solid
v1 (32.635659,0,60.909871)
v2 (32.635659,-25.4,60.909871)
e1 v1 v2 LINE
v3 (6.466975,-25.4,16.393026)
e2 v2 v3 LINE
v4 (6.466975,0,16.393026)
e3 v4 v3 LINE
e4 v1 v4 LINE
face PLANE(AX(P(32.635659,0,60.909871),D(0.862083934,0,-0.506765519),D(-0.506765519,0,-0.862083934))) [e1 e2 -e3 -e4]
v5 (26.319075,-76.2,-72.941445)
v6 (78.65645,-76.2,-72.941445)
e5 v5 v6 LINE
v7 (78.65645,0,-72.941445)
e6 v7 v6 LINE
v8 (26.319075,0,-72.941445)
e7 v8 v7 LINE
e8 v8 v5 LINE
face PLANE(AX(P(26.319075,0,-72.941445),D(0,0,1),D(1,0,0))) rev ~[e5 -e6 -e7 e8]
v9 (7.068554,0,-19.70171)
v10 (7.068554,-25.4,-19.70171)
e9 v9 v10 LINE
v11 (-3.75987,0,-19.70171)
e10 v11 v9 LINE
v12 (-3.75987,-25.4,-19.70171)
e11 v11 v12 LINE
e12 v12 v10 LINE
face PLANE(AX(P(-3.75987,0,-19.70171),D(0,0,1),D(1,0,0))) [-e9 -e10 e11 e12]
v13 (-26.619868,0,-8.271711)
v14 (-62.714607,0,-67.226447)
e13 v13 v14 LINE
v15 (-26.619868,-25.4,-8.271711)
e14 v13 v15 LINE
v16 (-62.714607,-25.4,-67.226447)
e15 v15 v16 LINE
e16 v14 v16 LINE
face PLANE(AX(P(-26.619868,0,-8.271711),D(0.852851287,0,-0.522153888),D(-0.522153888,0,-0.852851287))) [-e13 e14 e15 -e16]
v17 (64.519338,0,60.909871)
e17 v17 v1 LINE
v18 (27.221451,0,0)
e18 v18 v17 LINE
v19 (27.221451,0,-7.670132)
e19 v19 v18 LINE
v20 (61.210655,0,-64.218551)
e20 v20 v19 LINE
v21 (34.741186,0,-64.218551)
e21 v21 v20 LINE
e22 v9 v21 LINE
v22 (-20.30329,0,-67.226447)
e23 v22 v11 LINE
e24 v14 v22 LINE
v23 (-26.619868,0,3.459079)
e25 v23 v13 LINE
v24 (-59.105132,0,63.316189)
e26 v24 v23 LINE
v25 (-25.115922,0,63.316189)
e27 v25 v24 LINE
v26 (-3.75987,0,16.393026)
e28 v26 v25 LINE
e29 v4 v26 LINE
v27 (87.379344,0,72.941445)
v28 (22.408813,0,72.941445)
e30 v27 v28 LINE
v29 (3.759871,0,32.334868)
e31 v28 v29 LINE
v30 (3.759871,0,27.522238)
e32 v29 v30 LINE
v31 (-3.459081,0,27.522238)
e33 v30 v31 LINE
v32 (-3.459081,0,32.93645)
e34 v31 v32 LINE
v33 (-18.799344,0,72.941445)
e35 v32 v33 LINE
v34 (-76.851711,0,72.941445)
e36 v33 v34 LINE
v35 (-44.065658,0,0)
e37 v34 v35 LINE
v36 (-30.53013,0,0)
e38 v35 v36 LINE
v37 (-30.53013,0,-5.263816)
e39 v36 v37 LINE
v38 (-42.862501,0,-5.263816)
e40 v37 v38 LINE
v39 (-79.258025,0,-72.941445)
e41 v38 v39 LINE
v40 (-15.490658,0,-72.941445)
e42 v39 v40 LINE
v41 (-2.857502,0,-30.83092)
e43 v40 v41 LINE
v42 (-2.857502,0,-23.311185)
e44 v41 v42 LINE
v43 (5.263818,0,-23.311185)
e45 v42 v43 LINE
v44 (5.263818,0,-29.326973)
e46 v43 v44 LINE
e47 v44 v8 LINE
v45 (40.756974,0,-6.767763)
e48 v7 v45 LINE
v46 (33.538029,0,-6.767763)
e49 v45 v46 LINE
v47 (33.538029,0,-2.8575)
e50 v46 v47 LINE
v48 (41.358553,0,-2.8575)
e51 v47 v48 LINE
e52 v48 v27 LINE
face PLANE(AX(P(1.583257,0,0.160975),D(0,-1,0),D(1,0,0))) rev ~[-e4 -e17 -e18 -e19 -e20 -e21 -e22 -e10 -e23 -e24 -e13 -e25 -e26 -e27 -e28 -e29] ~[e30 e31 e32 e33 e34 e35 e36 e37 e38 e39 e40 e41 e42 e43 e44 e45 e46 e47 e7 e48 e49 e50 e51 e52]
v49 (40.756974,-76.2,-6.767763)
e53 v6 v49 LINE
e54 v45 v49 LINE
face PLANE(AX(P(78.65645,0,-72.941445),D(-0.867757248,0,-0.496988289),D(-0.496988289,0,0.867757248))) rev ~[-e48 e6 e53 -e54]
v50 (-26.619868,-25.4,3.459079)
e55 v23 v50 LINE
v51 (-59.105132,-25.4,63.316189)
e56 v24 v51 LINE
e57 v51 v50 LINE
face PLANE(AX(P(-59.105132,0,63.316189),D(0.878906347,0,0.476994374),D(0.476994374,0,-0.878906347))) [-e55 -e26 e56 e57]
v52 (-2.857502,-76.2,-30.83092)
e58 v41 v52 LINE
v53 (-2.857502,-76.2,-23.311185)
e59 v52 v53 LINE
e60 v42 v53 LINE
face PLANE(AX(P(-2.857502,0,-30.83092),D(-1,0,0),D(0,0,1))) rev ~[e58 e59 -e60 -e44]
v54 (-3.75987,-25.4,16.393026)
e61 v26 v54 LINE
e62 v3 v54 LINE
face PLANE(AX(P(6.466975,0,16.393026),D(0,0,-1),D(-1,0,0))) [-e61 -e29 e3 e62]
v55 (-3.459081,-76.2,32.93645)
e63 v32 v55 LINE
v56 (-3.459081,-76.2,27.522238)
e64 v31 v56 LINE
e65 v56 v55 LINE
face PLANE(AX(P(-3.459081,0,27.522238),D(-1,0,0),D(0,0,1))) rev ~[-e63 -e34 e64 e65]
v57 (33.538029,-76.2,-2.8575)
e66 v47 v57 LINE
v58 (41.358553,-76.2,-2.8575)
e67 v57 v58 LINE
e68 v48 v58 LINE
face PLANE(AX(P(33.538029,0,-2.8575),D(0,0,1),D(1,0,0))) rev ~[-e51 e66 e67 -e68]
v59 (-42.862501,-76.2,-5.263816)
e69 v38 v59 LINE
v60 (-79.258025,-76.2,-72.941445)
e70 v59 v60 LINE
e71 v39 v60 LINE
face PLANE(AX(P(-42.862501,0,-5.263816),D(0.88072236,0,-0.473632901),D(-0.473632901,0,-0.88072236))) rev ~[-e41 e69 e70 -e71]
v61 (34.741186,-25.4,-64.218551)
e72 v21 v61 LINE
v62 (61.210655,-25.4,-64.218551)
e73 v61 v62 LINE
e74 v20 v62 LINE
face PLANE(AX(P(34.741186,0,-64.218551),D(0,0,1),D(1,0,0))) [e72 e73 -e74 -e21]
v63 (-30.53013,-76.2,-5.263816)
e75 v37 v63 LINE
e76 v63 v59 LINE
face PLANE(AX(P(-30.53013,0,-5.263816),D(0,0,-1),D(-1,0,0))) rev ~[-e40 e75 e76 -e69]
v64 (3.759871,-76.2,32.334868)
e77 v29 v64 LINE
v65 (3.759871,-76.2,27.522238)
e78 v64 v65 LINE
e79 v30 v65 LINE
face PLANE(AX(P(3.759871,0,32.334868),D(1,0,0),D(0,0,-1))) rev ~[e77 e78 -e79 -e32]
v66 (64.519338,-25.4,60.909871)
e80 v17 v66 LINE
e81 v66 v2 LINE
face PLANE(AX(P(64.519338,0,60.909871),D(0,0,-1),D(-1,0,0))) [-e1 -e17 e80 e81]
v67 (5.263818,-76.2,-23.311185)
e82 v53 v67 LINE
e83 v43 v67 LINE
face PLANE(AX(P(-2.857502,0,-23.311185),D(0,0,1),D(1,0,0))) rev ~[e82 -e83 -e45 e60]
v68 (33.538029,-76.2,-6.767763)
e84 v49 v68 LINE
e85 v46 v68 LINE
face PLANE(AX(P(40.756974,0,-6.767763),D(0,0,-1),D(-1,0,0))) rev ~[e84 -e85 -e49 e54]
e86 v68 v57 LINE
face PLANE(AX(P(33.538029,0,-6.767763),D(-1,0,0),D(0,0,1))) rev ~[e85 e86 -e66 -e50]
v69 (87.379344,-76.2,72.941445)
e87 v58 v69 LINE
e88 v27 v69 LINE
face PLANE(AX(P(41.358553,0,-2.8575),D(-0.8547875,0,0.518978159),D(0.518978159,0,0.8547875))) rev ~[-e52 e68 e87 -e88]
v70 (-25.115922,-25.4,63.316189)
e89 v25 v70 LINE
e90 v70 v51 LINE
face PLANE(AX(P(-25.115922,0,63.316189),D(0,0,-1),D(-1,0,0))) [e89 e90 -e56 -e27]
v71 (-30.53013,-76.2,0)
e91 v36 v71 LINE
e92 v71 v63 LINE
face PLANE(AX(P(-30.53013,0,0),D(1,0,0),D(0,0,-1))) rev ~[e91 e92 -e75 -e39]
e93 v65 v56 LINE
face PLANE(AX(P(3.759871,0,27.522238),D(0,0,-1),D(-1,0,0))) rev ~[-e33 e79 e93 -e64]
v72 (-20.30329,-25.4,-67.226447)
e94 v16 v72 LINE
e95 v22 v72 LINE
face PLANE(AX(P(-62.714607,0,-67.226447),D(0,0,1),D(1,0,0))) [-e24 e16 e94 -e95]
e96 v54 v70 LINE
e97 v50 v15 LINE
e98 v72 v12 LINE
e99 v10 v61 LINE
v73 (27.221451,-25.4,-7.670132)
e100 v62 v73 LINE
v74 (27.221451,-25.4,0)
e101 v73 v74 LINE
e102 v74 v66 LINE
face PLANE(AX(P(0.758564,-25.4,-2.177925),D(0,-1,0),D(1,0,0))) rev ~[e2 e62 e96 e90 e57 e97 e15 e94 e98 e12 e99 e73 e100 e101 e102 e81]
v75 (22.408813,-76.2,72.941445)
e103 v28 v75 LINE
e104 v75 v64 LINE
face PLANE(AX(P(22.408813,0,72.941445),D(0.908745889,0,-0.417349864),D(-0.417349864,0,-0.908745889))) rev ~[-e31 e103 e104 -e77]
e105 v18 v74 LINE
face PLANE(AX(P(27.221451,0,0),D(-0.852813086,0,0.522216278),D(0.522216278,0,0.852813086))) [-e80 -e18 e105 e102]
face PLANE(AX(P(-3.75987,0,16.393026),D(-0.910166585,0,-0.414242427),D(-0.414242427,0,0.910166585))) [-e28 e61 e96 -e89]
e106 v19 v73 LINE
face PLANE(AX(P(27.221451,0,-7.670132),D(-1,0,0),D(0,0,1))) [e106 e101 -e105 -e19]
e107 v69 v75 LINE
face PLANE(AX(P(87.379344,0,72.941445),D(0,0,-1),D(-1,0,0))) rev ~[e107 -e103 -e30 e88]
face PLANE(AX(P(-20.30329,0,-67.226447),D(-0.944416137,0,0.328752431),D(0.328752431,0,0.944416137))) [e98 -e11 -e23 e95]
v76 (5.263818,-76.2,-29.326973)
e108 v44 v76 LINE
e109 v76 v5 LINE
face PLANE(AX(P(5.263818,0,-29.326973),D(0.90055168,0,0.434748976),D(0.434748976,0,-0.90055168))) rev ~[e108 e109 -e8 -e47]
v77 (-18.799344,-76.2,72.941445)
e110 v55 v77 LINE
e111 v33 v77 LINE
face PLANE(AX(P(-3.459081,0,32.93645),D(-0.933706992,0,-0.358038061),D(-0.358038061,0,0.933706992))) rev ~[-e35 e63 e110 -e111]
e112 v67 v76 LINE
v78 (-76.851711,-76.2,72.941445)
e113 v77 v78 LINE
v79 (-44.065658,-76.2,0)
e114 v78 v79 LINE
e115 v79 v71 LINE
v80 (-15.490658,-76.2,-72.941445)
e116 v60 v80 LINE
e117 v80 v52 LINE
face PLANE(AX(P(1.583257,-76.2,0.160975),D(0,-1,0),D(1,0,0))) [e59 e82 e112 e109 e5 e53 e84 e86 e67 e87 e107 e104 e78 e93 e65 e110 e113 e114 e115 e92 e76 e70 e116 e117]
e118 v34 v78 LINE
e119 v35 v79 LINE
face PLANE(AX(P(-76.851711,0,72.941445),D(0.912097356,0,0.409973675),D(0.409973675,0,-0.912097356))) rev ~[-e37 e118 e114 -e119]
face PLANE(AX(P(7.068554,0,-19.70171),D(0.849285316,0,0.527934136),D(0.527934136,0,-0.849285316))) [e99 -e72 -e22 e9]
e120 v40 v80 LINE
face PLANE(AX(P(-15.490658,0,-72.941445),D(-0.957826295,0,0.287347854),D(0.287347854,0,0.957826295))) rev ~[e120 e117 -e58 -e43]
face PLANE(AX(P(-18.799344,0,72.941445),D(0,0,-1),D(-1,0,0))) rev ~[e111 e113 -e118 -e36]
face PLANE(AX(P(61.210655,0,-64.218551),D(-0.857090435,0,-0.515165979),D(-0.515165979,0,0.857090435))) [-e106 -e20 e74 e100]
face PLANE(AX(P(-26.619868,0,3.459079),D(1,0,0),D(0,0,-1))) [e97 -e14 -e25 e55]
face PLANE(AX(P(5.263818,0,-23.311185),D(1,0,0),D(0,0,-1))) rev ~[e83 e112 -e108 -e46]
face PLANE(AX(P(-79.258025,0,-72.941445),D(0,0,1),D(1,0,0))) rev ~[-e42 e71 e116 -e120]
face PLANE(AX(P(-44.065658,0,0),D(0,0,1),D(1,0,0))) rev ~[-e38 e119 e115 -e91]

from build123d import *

# Parameters (mm, degrees)
F2_DEPTH = 76.2
F3_DEPTH = 25.4


with BuildPart() as f2:
    # F0 (on Front) → F2 (new body)
    with BuildSketch(Plane.XZ):
        Polygon((-18.799344, 72.941445), (-76.851711, 72.941445), (-44.065658, 0), (-30.53013, 0), (-30.53013, -5.263816), (-42.862501, -5.263816), (-79.258025, -72.941445), (-15.490658, -72.941445), (-2.857502, -30.83092), (-2.857502, -23.311185), (5.263818, -23.311185), (5.263818, -29.326973), (26.319075, -72.941445), (78.65645, -72.941445), (40.756974, -6.767763), (33.538029, -6.767763), (33.538029, -2.8575), (41.358553, -2.8575), (87.379344, 72.941445), (22.408813, 72.941445), (3.759871, 32.334868), (3.759871, 27.522238), (-3.459081, 27.522238), (-3.459081, 32.93645), align=None)
    extrude(amount=F2_DEPTH)

    # F1 (on Front) → F3 (cut)
    with BuildSketch(Plane.XZ):
        Polygon((-25.115922, 63.316189), (-59.105132, 63.316189), (-26.619868, 3.459079), (-26.619868, -8.271711), (-62.714607, -67.226447), (-20.30329, -67.226447), (-3.75987, -19.70171), (7.068554, -19.70171), (34.741186, -64.218551), (61.210655, -64.218551), (27.221451, -7.670132), (27.221451, 0), (64.519338, 60.909871), (32.635659, 60.909871), (6.466975, 16.393026), (-3.75987, 16.393026), align=None)
    extrude(amount=F3_DEPTH, mode=Mode.SUBTRACT)


solid = f2.part
